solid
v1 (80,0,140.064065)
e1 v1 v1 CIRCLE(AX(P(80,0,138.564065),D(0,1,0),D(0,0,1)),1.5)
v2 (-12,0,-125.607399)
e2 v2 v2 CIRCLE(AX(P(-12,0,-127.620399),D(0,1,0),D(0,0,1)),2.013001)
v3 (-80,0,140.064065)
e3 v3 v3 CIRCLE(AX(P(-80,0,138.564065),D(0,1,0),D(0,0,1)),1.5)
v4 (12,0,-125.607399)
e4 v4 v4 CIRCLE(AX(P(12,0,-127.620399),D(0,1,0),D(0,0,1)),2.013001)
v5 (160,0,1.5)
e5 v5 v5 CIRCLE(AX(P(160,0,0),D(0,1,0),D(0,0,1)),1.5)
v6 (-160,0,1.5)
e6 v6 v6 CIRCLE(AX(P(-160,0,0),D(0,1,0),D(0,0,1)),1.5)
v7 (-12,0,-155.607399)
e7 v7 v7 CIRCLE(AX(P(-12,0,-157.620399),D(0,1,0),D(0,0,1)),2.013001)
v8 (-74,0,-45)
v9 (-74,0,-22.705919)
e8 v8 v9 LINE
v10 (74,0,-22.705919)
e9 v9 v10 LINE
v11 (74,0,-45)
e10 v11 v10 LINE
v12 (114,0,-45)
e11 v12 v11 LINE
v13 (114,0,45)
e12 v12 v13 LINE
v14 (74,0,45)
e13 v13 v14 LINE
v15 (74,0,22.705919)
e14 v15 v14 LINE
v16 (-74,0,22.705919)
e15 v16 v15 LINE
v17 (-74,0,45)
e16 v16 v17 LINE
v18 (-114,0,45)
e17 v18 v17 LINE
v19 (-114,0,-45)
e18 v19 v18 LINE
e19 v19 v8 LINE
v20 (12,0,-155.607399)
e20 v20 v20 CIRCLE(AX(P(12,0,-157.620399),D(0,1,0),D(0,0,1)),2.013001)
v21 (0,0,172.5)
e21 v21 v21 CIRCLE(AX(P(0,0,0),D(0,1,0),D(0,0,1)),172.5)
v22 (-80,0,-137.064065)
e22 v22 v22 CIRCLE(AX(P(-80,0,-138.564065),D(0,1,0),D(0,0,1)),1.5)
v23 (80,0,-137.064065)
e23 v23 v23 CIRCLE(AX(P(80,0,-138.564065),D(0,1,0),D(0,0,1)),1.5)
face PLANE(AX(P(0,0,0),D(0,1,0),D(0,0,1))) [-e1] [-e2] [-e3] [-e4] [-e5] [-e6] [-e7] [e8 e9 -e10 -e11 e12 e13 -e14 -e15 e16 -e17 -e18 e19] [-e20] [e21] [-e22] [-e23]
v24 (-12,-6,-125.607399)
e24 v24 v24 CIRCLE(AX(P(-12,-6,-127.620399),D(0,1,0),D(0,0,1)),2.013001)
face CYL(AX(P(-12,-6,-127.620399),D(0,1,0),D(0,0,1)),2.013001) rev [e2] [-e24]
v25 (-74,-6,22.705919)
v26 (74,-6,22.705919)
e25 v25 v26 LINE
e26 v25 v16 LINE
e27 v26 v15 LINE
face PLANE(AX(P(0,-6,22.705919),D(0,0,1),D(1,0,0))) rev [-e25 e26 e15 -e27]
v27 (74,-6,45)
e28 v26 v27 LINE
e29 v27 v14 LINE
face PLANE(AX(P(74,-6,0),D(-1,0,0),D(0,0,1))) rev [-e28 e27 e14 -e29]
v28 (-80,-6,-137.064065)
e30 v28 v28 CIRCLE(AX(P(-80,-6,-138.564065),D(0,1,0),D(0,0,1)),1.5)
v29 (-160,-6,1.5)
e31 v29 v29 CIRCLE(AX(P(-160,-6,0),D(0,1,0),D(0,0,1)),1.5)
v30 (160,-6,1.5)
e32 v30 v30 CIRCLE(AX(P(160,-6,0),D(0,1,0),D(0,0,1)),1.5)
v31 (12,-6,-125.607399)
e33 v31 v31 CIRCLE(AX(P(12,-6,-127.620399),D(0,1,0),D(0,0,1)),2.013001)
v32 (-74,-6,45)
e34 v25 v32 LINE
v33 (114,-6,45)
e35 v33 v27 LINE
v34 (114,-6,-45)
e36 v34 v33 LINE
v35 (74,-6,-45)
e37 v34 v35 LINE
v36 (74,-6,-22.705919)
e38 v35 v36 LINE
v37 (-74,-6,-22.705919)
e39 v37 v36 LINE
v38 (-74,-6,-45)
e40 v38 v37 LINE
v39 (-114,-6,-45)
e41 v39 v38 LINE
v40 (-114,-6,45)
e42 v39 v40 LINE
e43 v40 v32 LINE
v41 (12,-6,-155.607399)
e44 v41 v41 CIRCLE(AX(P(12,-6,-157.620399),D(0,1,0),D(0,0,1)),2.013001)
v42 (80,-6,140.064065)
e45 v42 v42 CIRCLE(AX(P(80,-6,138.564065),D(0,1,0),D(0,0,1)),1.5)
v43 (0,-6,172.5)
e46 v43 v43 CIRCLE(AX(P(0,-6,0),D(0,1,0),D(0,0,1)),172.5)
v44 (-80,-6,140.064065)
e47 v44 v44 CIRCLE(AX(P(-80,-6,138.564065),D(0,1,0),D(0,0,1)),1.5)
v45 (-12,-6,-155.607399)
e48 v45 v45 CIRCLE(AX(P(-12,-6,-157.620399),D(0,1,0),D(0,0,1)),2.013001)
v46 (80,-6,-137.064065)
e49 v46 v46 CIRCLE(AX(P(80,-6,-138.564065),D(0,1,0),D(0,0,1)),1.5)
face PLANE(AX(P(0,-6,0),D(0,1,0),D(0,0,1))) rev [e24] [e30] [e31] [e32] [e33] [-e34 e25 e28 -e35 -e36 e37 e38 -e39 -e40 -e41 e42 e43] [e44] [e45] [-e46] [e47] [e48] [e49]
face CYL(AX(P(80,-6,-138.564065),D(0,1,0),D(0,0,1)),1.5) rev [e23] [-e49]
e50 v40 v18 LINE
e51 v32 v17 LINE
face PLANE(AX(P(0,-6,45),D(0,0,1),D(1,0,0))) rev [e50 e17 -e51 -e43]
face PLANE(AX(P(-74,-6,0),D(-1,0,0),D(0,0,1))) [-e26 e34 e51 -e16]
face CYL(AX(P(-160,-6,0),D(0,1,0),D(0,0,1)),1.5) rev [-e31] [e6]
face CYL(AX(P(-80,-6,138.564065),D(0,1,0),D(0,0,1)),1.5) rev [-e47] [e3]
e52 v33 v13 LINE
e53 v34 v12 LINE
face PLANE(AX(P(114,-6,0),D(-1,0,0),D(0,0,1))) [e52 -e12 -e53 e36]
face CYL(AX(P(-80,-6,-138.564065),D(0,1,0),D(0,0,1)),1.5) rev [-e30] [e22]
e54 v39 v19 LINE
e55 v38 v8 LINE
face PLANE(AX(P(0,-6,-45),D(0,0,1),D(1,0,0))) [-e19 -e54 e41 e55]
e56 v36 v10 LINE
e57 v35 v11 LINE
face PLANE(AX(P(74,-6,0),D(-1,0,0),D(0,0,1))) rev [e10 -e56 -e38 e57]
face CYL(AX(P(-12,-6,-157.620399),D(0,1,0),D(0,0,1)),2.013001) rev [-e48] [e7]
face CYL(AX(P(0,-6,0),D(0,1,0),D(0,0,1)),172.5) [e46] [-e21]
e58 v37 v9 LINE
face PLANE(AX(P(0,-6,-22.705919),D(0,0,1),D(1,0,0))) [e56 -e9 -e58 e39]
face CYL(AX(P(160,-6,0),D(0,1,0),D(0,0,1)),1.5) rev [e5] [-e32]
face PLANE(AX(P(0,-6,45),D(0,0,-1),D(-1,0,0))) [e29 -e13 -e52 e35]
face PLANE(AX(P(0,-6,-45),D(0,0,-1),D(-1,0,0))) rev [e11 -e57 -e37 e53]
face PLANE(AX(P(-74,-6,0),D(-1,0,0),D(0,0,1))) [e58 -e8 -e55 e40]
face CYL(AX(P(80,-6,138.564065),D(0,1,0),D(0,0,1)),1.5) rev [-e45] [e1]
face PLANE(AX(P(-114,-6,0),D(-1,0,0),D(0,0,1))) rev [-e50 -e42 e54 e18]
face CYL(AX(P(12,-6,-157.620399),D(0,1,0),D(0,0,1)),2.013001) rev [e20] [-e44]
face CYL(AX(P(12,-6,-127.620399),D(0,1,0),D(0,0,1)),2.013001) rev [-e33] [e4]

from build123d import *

# Parameters (mm, degrees)
SKETCH_1_R      = 2.013000515
SKETCH_1_R_2    = 1.5
EXTRUDE_2_DEPTH = 6


with BuildPart() as part:
    # 草图1 → 凸台-拉伸2 (new body)
    # profile 1 of 2: a face of its own
    with BuildSketch(Plane(origin=(0, 0, 0), x_dir=(1, 0, 0), z_dir=(0, 1, 0))):
        with BuildLine():
            ThreePointArc((158.5, 0), (160, 1.5), (161.5, 0))
            Line((161.5, 0), (172.5, 0))
            ThreePointArc((172.5, 0), (0, 172.5), (-172.5, 0))
            Line((-172.5, 0), (-161.5, 0))
            ThreePointArc((-161.5, 0), (-160, 1.5), (-158.5, 0))
            Line((-158.5, 0), (-114, 0))
            Line((-114, 0), (-114, 45))
            Line((-114, 45), (-74, 45))
            Line((-74, 45), (-74, 22.705919103))
            Line((-74, 22.705919103), (74, 22.705919103))
            Line((74, 22.705919103), (74, 45))
            Line((74, 45), (114, 45))
            Line((114, 45), (114, 0))
            Line((114, 0), (158.5, 0))
        make_face()
        with Locations(Location((-12, 127.620399327, 0), (0, 0, 270))):
            Circle(SKETCH_1_R, mode=Mode.SUBTRACT)
        with Locations(Location((-80, 138.564064606, 0), (0, 0, 270))):
            Circle(SKETCH_1_R_2, mode=Mode.SUBTRACT)
        with Locations(Location((-12, 157.620399327, 0), (0, 0, 270))):
            Circle(SKETCH_1_R, mode=Mode.SUBTRACT)
        with Locations(Location((12, 127.620399327, 0), (0, 0, 270))):
            Circle(SKETCH_1_R, mode=Mode.SUBTRACT)
        with Locations(Location((12, 157.620399327, 0), (0, 0, 270))):
            Circle(SKETCH_1_R, mode=Mode.SUBTRACT)
        with Locations(Location((80, 138.564064606, 0), (0, 0, 270))):
            Circle(SKETCH_1_R_2, mode=Mode.SUBTRACT)
    # profile 2 of 2: a face of its own
    with BuildSketch(Plane(origin=(0, 0, 0), x_dir=(1, 0, 0), z_dir=(0, 1, 0))):
        with BuildLine():
            Line((172.5, 0), (161.5, 0))
            ThreePointArc((161.5, 0), (160, -1.5), (158.5, 0))
            Line((158.5, 0), (114, 0))
            Line((114, 0), (114, -45))
            Line((114, -45), (74, -45))
            Line((74, -45), (74, -22.705919103))
            Line((74, -22.705919103), (-74, -22.705919103))
            Line((-74, -22.705919103), (-74, -45))
            Line((-74, -45), (-114, -45))
            Line((-114, -45), (-114, 0))
            Line((-114, 0), (-158.5, 0))
            ThreePointArc((-158.5, 0), (-160, -1.5), (-161.5, 0))
            Line((-161.5, 0), (-172.5, 0))
            ThreePointArc((-172.5, 0), (0, -172.5), (172.5, 0))
        make_face()
        with Locations(Location((-80, -138.564064606, 0), (0, 0, 270))):
            Circle(SKETCH_1_R_2, mode=Mode.SUBTRACT)
        with Locations(Location((80, -138.564064606, 0), (0, 0, 270))):
            Circle(SKETCH_1_R_2, mode=Mode.SUBTRACT)
    extrude(amount=-EXTRUDE_2_DEPTH)


solid = part.part
